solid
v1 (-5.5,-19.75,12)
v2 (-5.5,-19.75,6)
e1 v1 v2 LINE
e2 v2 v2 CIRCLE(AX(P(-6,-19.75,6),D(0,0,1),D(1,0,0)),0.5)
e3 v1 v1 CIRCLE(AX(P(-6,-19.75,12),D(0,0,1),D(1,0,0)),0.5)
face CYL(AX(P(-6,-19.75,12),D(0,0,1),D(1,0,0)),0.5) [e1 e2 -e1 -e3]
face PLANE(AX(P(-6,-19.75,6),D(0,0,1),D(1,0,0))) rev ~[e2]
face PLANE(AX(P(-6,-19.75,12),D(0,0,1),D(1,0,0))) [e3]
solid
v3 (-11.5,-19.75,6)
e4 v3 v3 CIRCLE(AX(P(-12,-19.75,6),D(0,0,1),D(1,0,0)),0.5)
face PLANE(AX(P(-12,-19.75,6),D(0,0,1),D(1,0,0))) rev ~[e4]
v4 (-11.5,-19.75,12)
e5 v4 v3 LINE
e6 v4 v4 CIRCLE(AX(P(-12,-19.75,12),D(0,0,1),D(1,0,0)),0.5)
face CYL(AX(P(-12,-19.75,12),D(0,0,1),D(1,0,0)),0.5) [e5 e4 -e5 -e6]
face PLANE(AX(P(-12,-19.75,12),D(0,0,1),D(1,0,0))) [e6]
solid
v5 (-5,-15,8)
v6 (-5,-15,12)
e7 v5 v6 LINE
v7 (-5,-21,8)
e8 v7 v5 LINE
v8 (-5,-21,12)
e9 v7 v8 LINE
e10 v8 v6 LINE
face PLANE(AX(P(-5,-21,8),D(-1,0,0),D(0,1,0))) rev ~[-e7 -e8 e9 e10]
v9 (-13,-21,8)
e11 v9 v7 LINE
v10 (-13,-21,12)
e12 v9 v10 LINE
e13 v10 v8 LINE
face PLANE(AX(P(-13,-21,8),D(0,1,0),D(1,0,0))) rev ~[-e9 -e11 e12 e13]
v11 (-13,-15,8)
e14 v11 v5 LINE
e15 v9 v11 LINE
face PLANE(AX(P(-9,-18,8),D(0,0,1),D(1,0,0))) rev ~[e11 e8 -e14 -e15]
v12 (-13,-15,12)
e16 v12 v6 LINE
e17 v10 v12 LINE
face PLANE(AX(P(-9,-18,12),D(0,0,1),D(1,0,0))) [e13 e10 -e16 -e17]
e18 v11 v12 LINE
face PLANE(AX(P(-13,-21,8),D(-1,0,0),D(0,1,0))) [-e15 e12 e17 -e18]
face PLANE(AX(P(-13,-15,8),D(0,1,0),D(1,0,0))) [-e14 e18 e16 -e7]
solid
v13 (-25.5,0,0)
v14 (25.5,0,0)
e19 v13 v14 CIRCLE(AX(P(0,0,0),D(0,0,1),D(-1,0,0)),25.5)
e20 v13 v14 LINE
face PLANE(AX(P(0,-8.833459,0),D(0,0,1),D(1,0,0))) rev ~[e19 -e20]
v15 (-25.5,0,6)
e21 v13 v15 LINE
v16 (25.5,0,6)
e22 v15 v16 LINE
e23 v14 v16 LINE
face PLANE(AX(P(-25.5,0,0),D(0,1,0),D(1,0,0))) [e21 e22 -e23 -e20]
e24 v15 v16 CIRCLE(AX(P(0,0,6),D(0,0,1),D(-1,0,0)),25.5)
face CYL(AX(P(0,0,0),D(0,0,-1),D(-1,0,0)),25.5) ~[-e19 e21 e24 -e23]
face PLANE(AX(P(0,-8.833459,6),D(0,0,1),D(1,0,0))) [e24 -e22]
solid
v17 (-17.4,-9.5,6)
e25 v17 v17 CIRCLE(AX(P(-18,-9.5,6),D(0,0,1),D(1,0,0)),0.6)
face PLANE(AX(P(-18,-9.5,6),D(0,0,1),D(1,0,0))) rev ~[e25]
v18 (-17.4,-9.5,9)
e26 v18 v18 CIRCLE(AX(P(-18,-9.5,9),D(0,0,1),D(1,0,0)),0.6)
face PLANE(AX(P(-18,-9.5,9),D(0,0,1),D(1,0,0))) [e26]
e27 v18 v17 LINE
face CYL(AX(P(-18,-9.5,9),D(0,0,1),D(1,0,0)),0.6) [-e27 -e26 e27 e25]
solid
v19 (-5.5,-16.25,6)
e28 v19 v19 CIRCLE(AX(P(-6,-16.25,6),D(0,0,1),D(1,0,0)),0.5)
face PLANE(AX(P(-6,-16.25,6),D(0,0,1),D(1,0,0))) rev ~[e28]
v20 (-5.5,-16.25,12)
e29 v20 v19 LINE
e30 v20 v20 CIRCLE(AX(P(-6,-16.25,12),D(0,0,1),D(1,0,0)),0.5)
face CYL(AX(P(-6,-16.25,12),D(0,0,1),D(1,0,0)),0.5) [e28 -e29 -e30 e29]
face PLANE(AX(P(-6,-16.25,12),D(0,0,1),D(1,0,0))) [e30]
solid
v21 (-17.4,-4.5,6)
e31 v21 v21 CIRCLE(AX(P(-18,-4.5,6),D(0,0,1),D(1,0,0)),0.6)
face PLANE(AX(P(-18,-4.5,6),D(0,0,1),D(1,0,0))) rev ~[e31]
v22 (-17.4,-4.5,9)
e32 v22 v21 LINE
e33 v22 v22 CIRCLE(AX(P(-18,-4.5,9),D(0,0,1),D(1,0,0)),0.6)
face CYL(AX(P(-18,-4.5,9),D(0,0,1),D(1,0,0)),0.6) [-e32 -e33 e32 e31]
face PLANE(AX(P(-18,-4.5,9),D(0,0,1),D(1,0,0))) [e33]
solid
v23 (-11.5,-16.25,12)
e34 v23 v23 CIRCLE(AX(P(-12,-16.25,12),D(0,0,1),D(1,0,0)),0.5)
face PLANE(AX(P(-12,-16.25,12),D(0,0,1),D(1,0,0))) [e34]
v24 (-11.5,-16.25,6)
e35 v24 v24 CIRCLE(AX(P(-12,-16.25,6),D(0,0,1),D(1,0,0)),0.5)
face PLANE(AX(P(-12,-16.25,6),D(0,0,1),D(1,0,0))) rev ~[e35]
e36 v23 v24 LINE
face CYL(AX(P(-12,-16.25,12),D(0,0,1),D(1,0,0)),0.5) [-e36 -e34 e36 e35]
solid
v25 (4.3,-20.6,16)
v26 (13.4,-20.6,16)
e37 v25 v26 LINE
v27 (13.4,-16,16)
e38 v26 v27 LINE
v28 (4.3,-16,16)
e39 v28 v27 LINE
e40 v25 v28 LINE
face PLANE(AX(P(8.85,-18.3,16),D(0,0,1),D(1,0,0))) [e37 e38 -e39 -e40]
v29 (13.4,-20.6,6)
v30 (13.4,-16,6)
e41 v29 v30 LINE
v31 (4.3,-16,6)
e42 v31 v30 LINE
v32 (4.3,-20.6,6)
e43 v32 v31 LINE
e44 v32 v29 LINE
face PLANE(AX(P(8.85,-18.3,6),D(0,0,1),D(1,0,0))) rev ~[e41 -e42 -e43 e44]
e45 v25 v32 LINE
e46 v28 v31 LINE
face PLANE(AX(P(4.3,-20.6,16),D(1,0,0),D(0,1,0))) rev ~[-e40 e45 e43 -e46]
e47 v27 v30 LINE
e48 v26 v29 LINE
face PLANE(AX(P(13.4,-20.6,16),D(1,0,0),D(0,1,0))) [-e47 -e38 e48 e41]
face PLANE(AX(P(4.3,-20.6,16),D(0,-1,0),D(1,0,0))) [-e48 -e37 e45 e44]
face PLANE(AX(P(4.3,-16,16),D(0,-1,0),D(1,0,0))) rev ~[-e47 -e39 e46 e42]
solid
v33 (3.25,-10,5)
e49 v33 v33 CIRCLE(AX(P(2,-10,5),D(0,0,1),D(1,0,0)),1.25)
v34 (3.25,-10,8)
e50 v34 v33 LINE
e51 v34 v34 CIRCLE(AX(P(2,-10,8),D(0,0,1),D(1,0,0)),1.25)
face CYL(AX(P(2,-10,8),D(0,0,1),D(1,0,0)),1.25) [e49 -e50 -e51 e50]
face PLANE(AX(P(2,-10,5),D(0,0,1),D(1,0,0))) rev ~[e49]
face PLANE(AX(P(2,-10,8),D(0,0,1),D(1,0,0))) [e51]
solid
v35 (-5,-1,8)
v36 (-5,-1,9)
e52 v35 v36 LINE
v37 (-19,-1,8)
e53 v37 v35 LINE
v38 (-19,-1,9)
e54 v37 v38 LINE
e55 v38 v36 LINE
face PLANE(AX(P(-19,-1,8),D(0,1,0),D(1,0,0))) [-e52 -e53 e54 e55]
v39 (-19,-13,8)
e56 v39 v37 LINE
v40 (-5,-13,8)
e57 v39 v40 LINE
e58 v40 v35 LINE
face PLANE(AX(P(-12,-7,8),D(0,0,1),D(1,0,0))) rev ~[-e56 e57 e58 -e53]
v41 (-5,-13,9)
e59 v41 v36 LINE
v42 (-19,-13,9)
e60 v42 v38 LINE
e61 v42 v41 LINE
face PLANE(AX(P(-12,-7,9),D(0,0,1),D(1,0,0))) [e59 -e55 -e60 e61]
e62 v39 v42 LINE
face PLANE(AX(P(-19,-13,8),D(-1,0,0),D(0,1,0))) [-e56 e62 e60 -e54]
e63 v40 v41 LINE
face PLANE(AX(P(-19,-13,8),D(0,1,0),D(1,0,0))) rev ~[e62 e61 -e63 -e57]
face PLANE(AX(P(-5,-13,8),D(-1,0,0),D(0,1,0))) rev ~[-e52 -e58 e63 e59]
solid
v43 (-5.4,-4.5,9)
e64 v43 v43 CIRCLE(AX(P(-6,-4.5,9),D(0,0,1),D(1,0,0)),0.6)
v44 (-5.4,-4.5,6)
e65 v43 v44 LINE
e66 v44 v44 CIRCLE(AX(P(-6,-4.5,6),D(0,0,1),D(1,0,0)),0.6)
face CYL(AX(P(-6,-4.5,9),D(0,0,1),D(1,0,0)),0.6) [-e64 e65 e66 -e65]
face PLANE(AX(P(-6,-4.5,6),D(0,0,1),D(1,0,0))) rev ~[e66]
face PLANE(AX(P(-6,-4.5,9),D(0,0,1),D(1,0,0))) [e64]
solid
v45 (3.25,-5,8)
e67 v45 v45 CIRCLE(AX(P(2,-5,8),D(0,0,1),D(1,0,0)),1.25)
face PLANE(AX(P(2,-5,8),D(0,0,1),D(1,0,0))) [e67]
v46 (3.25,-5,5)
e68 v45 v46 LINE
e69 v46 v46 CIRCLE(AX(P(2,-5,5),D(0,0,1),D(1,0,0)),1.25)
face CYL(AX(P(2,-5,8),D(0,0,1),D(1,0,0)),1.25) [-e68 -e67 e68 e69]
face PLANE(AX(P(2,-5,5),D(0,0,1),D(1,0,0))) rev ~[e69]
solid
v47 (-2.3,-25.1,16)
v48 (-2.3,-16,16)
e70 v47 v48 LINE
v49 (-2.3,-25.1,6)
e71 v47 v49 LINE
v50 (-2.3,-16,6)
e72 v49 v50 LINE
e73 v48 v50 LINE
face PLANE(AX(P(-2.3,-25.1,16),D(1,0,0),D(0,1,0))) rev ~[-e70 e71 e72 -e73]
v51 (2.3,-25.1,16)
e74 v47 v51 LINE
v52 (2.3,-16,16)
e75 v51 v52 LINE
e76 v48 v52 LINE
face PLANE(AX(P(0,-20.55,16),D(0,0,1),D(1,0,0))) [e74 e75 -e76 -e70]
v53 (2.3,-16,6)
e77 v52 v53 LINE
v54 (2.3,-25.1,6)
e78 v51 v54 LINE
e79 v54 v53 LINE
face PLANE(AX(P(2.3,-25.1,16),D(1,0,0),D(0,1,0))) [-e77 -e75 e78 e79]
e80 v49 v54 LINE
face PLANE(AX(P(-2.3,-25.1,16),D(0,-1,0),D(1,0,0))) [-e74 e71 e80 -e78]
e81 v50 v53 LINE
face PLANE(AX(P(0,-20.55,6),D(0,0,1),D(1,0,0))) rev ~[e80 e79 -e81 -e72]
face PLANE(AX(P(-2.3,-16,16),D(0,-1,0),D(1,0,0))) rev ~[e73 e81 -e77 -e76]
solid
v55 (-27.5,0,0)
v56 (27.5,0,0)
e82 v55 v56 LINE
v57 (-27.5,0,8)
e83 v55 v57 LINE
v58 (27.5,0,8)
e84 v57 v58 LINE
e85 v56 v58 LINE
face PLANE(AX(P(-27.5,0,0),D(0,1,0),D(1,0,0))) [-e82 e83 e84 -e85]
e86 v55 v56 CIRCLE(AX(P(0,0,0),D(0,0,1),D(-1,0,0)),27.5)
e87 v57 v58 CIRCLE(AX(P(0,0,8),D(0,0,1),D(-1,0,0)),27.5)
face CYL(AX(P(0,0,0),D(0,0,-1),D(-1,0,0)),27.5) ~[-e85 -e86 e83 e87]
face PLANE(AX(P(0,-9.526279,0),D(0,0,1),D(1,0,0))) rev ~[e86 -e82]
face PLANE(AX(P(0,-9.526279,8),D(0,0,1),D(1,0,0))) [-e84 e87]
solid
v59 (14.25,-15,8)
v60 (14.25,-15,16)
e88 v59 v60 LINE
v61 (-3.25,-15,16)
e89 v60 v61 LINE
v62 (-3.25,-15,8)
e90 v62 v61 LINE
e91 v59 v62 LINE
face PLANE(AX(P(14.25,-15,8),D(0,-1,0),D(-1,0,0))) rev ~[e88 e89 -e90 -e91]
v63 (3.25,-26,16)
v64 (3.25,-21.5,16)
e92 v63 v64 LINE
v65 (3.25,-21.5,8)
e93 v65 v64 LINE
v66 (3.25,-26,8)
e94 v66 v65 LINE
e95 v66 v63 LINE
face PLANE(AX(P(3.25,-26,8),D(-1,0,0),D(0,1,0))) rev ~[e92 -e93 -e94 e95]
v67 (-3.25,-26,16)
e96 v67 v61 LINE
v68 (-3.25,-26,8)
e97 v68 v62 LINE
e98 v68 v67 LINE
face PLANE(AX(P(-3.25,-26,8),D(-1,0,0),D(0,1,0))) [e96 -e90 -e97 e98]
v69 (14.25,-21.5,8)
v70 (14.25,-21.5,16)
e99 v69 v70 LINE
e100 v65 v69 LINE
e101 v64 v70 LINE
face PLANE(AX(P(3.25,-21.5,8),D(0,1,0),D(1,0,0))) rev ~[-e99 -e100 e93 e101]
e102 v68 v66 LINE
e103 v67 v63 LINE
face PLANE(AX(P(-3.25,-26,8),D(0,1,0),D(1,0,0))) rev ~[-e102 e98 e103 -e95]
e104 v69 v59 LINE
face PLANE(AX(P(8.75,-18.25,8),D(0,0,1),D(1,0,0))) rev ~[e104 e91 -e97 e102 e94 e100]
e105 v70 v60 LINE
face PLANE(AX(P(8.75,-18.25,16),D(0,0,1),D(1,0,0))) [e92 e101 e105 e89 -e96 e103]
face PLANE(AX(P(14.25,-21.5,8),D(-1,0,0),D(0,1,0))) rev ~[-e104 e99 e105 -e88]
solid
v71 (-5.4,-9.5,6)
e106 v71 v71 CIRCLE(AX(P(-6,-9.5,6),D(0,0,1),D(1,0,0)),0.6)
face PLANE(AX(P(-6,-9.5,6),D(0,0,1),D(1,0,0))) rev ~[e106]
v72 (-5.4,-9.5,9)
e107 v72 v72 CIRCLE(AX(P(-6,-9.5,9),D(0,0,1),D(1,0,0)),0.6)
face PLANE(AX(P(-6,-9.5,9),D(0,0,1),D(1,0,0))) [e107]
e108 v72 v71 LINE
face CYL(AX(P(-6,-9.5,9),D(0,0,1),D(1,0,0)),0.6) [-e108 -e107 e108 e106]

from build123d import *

# Parameters (mm, degrees)
EXTRUDE_DEPTH    = 8
EXTRUDE001_DEPTH = 6
SKETCH003_W      = 14
SKETCH003_H      = 12
EXTRUDE002_DEPTH = 1
SKETCH006_W      = 11
SKETCH006_H      = 6.5
SKETCH006_W_2    = 6.5
SKETCH006_H_2    = 11
EXTRUDE003_DEPTH = 8
SKETCH005_W      = 8
SKETCH005_H      = 6
EXTRUDE004_DEPTH = 4
SKETCH004_R      = 1.25
EXTRUDE005_DEPTH = 3
SKETCH007_R      = 0.6
EXTRUDE006_DEPTH = 3
SKETCH008_R      = 0.5
EXTRUDE007_DEPTH = 6
SKETCH009_W      = 4.6
SKETCH009_H      = 9.1
SKETCH009_W_2    = 9.1
SKETCH009_H_2    = 4.6
EXTRUDE008_DEPTH = 10


with BuildPart() as body:
    # Sketch001 → Extrude (new body)
    with BuildSketch(Plane.XY):
        with BuildLine():
            ThreePointArc((-27.5, 0), (0, -27.5), (27.5, 0))
            Line((-27.5, 0), (27.5, 0))
        make_face()
    extrude(amount=EXTRUDE_DEPTH)


with BuildPart() as body_cut:
    # Sketch002 → Extrude001 (new body)
    with BuildSketch(Plane.XY):
        with BuildLine():
            ThreePointArc((-25.5, 0), (0, -25.5), (25.5, 0))
            Line((-25.5, 0), (25.5, 0))
        make_face()
    extrude(amount=EXTRUDE001_DEPTH)


with BuildPart() as momentary_button:
    # Sketch003 → Extrude002 (new body)
    with BuildSketch(Plane.XY.offset(8)):
        with Locations((-12, -7)):
            Rectangle(SKETCH003_W, SKETCH003_H)
    extrude(amount=EXTRUDE002_DEPTH)


with BuildPart() as usb_ports001:
    # Sketch006 → Extrude003 (new body)
    with BuildSketch(Plane.XY.offset(8)):
        with Locations((8.75, -18.25)):
            Rectangle(SKETCH006_W, SKETCH006_H)
        with Locations((0, -20.5)):
            Rectangle(SKETCH006_W_2, SKETCH006_H_2)
    extrude(amount=EXTRUDE003_DEPTH)


with BuildPart() as resetbutton001:
    # Sketch005 → Extrude004 (new body)
    with BuildSketch(Plane.XY.offset(8)):
        with Locations((-9, -18)):
            Rectangle(SKETCH005_W, SKETCH005_H)
    extrude(amount=EXTRUDE004_DEPTH)


with BuildPart() as powerbuttonleads:
    # Sketch004 → Extrude005 (new body)
    with BuildSketch(Plane.XY.offset(8)):
        with Locations((2, -10)):
            Circle(SKETCH004_R)
        with Locations((2, -5)):
            Circle(SKETCH004_R)
    extrude(amount=-EXTRUDE005_DEPTH)


with BuildPart() as momentary_leads:
    # Sketch007 → Extrude006 (new body)
    with BuildSketch(Plane.XY.offset(9)):
        with Locations((-18, -9.5)):
            Circle(SKETCH007_R)
        with Locations((-18, -4.5)):
            Circle(SKETCH007_R)
        with Locations((-6, -9.5)):
            Circle(SKETCH007_R)
        with Locations((-6, -4.5)):
            Circle(SKETCH007_R)
    extrude(amount=-EXTRUDE006_DEPTH)


with BuildPart() as reset_leads:
    # Sketch008 → Extrude007 (new body)
    with BuildSketch(Plane.XY.offset(12)):
        with Locations((-12, -16.25)):
            Circle(SKETCH008_R)
        with Locations((-6, -19.75)):
            Circle(SKETCH008_R)
        with Locations((-6, -16.25)):
            Circle(SKETCH008_R)
        with Locations((-12, -19.75)):
            Circle(SKETCH008_R)
    extrude(amount=-EXTRUDE007_DEPTH)


with BuildPart() as extrude008:
    # Sketch009 → Extrude008 (new body)
    with BuildSketch(Plane.XY.offset(16)):
        with Locations((0, -20.55)):
            Rectangle(SKETCH009_W, SKETCH009_H)
        with Locations((8.85, -18.3)):
            Rectangle(SKETCH009_W_2, SKETCH009_H_2)
    extrude(amount=-EXTRUDE008_DEPTH)


solid = Compound([body.part, body_cut.part, momentary_button.part, usb_ports001.part, resetbutton001.part, powerbuttonleads.part, momentary_leads.part, reset_leads.part, extrude008.part])
